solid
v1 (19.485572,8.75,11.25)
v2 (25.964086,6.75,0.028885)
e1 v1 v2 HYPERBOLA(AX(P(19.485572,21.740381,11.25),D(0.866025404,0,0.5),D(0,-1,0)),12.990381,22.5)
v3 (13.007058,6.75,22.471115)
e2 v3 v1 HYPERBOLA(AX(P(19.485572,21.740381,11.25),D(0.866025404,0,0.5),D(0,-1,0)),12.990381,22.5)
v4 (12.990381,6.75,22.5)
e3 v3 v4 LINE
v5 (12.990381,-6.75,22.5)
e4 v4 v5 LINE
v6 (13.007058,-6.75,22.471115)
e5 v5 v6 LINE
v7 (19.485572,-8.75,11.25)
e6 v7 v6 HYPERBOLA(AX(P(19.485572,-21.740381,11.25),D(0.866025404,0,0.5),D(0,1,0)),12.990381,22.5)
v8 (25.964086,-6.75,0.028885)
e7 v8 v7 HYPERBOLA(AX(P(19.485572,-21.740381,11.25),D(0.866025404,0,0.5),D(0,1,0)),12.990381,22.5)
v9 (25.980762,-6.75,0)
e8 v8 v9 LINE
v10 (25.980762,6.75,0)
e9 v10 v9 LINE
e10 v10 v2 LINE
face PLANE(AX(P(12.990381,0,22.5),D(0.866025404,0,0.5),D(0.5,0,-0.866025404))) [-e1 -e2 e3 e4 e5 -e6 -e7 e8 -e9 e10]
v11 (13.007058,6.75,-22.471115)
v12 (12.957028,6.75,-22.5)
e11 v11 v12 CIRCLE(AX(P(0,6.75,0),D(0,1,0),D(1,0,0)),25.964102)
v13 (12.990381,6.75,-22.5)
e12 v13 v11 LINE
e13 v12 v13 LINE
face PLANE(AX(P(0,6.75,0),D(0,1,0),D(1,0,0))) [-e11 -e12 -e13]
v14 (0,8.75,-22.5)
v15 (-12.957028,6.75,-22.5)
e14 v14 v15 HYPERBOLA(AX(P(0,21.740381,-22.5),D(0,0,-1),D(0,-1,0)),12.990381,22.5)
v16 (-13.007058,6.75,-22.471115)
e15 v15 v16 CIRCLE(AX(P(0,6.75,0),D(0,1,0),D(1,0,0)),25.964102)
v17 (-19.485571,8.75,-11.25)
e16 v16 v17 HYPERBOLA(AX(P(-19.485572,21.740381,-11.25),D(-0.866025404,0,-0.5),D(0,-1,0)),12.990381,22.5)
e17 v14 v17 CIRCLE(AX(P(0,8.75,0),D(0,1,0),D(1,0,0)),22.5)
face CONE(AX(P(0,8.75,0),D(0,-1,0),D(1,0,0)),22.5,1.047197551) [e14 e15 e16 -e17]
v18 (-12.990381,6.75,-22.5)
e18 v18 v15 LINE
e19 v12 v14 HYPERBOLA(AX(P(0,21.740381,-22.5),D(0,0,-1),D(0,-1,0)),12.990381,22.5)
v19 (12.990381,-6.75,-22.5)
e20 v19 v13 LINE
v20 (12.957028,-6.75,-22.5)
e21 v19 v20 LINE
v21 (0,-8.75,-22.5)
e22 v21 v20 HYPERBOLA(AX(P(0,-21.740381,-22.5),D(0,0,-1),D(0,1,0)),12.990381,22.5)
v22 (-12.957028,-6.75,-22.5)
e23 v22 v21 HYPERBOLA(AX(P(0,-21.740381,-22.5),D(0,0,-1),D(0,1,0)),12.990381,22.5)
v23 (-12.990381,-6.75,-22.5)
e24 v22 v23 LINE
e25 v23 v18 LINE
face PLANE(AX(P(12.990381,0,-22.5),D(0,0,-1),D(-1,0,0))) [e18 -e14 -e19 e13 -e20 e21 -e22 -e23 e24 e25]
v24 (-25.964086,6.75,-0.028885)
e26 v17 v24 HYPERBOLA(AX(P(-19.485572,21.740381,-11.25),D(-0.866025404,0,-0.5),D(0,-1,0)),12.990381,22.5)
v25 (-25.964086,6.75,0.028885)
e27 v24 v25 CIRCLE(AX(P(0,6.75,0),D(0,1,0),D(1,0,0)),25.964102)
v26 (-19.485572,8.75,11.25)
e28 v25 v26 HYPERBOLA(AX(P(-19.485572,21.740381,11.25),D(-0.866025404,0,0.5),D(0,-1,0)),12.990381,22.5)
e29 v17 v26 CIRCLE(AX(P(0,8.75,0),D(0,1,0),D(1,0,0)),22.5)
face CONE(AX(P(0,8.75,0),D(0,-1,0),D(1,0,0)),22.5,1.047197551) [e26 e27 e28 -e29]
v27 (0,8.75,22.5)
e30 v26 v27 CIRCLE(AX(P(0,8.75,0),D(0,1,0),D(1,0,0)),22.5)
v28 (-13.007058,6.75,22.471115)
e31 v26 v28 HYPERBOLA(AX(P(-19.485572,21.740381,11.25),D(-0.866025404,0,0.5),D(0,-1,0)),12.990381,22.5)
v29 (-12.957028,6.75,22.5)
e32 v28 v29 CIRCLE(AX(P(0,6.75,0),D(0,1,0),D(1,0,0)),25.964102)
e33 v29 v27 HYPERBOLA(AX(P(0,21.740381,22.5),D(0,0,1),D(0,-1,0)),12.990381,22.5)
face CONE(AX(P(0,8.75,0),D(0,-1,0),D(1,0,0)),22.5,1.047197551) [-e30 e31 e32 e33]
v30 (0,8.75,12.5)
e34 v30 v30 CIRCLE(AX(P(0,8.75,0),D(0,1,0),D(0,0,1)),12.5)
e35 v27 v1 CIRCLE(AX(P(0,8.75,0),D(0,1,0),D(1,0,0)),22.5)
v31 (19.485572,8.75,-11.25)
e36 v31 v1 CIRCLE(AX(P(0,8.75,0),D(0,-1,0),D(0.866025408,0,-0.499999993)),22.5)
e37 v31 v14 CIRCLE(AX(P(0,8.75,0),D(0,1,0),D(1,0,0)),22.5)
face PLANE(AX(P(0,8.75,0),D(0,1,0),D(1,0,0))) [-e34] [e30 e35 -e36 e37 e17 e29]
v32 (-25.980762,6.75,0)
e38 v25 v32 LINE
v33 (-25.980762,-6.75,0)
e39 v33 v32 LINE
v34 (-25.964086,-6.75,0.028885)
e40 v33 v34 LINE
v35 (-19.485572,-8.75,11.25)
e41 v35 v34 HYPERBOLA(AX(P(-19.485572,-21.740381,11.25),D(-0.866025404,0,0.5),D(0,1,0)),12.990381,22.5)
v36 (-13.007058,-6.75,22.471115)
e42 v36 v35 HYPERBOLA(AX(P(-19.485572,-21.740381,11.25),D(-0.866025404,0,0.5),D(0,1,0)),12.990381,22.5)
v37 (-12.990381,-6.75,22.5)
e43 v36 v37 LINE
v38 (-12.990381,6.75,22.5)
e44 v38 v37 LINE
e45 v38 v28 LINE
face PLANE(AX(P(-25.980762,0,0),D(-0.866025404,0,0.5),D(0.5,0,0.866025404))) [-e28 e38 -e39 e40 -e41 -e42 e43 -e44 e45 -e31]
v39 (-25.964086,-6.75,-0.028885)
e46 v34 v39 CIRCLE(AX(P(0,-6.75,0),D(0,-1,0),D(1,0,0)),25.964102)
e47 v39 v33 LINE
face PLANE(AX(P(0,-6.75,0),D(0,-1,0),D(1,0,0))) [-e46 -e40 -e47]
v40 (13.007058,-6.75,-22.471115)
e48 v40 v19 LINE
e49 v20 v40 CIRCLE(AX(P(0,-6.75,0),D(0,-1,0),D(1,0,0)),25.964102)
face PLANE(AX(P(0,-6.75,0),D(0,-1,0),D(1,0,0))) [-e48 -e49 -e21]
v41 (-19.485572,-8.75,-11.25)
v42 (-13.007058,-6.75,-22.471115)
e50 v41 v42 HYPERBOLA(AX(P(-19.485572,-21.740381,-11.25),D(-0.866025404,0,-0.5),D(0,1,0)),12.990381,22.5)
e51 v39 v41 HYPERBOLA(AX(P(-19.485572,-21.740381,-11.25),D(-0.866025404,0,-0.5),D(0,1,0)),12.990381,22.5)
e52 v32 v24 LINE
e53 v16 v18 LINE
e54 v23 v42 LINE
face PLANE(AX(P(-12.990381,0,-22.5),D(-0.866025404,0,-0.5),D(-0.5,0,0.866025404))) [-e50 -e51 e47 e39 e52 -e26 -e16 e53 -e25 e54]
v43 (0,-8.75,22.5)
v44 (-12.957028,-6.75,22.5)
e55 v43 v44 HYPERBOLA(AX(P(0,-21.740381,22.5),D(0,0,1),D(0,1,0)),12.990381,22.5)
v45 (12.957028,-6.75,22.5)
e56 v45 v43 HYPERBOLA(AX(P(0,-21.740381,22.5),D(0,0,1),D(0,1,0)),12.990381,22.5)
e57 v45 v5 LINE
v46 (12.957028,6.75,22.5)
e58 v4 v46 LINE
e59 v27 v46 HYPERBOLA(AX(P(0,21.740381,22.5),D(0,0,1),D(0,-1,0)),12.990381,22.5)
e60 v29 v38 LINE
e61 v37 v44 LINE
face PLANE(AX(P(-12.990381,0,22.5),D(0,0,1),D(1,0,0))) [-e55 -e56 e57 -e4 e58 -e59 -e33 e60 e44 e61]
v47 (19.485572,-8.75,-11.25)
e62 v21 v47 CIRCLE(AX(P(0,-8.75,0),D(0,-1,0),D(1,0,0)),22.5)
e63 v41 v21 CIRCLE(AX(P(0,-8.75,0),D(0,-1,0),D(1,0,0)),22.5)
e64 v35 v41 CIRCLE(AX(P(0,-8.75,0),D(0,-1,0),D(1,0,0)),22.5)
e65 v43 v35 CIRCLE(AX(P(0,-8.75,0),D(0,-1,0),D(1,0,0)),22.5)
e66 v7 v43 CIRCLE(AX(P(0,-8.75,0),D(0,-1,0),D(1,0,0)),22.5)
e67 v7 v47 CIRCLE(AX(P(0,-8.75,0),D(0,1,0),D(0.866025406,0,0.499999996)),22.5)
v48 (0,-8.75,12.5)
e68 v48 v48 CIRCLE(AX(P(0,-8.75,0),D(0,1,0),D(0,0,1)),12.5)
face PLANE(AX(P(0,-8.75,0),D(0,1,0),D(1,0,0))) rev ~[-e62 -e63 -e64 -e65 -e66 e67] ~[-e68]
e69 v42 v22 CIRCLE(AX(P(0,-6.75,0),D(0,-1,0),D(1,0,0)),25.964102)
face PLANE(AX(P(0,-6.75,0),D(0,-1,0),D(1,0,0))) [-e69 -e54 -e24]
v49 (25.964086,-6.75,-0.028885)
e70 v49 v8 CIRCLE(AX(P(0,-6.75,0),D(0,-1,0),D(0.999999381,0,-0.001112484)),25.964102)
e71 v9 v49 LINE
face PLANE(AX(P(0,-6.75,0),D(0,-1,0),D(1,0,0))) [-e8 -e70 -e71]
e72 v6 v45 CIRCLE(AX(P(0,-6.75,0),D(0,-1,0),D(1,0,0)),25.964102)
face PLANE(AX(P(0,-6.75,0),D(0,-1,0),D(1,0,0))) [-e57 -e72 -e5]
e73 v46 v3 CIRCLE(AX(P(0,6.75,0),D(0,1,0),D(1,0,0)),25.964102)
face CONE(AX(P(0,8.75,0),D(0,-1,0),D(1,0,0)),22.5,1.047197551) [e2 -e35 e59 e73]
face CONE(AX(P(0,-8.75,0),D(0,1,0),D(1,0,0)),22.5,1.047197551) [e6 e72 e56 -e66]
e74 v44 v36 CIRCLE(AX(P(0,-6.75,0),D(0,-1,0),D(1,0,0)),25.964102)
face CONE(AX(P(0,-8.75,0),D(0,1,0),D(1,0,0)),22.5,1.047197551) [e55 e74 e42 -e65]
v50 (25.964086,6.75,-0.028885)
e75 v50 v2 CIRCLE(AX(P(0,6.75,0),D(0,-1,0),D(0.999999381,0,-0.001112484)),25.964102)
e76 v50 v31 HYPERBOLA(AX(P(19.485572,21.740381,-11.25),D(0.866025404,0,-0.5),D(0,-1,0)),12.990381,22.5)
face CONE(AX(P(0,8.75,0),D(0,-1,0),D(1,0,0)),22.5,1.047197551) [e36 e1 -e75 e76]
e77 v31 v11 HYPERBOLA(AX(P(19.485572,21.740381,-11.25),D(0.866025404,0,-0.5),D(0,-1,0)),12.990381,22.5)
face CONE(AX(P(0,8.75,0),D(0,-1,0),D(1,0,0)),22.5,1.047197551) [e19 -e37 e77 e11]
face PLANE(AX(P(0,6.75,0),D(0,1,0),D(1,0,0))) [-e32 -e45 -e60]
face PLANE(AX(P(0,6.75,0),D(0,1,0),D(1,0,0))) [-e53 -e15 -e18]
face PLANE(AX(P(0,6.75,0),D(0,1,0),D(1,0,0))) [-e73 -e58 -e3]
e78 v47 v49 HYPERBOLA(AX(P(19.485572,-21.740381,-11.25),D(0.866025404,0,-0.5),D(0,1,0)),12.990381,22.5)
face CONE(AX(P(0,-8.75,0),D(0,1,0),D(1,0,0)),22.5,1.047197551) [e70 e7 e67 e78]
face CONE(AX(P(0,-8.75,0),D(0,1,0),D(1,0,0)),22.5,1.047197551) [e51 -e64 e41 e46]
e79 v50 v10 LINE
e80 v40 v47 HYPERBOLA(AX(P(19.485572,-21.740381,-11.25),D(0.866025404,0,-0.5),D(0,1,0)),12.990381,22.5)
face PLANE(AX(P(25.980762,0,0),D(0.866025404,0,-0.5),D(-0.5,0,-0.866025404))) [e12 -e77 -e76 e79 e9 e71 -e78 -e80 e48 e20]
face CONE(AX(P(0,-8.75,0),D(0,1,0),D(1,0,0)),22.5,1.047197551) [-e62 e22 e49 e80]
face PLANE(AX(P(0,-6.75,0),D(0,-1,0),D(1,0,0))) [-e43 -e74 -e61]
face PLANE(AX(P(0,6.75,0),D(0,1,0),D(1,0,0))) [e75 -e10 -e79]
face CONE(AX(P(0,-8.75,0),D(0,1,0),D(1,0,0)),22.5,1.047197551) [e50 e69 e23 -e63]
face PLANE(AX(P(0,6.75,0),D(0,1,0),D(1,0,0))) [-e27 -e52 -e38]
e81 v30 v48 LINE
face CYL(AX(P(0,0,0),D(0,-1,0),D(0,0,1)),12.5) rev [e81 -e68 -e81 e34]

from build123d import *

# Parameters (mm, degrees)
SKETCH3_R               = 12.5
BOSS_EXTRUDE1_DEPTH     = 8.75
SKETCH4_OUTSIDE_W       = 75.076
SKETCH4_OUTSIDE_H       = 68.114
SKETCH4_OUTSIDE_R       = 22.5
CUT_EXTRUDE1_DEPTH      = 2
CUT_EXTRUDE1_DRAFT      = -60
MIRROR1_COPY_1_SKETCH_W = 75.076
MIRROR1_COPY_1_SKETCH_H = 68.114
MIRROR1_COPY_1_SKETCH_R = 22.5
MIRROR1_COPY_1_DEPTH    = 2
MIRROR1_COPY_1_DRAFT    = -60


with BuildPart() as part:
    # Sketch3 → Boss-Extrude1 (new, symmetric)
    with BuildSketch(Plane(origin=(0, 0, 0), x_dir=(1, 0, 0), z_dir=(0, 1, 0))):
        Polygon((25.980762114, 0), (12.990381057, 22.5), (-12.990381057, 22.5), (-25.980762114, 0), (-12.990381057, -22.5), (12.990381057, -22.5), align=None)
        with Locations(Location((0, 0, 0), (0, 0, 270))):
            Circle(SKETCH3_R, mode=Mode.SUBTRACT)
    extrude(amount=BOSS_EXTRUDE1_DEPTH, both=True)


with BuildPart() as cut_extrude1_tool:
    # Sketch4 outside → Cut-Extrude1 (with draft: the straight prism first)
    with BuildSketch(Plane.XZ.offset(8.75)):
        Rectangle(SKETCH4_OUTSIDE_W, SKETCH4_OUTSIDE_H)
        Circle(SKETCH4_OUTSIDE_R, mode=Mode.SUBTRACT)
    extrude(amount=-CUT_EXTRUDE1_DEPTH)
    # Cut-Extrude1: the draft: its side faces are tilted about the plane it starts from
    cut_extrude1_sides = [cut_extrude1_tool.faces().sort_by_distance(p)[0] for p in [
        (0, -7.75, -34.057),
        (37.538, -7.75, 0),
        (0, -7.75, 34.057),
        (-37.538, -7.75, 0),
        (-22.5, -7.75, 0),
    ]]
    draft(cut_extrude1_sides, Plane.XZ.offset(8.75), CUT_EXTRUDE1_DRAFT)


with BuildPart() as part_1:
    add(part.part)

    # Cut-Extrude1: cut by cut_extrude1_tool
    add(cut_extrude1_tool.part, mode=Mode.SUBTRACT)


with BuildPart() as mirror1_copy_1_tool:
    # Mirror1 copy 1 sketch → Mirror1 copy 1 (with draft: the straight prism first)
    with BuildSketch(Plane(origin=(0, 8.75, 0), x_dir=(1, 0, 0), z_dir=(0, 1, 0))):
        Rectangle(MIRROR1_COPY_1_SKETCH_W, MIRROR1_COPY_1_SKETCH_H)
        Circle(MIRROR1_COPY_1_SKETCH_R, mode=Mode.SUBTRACT)
    extrude(amount=-MIRROR1_COPY_1_DEPTH)
    # Mirror1 copy 1: the draft: its side faces are tilted about the plane it starts from
    mirror1_copy_1_sides = [mirror1_copy_1_tool.faces().sort_by_distance(p)[0] for p in [
        (0, 7.75, -34.057),
        (37.538, 7.75, 0),
        (0, 7.75, 34.057),
        (-37.538, 7.75, 0),
        (-22.5, 7.75, 0),
    ]]
    draft(mirror1_copy_1_sides, Plane(origin=(0, 8.75, 0), x_dir=(1, 0, 0), z_dir=(0, 1, 0)), MIRROR1_COPY_1_DRAFT)


with BuildPart() as part_2:
    add(part_1.part)

    # Mirror1 copy 1: cut by mirror1_copy_1_tool
    add(mirror1_copy_1_tool.part, mode=Mode.SUBTRACT)


solid = part_2.part
